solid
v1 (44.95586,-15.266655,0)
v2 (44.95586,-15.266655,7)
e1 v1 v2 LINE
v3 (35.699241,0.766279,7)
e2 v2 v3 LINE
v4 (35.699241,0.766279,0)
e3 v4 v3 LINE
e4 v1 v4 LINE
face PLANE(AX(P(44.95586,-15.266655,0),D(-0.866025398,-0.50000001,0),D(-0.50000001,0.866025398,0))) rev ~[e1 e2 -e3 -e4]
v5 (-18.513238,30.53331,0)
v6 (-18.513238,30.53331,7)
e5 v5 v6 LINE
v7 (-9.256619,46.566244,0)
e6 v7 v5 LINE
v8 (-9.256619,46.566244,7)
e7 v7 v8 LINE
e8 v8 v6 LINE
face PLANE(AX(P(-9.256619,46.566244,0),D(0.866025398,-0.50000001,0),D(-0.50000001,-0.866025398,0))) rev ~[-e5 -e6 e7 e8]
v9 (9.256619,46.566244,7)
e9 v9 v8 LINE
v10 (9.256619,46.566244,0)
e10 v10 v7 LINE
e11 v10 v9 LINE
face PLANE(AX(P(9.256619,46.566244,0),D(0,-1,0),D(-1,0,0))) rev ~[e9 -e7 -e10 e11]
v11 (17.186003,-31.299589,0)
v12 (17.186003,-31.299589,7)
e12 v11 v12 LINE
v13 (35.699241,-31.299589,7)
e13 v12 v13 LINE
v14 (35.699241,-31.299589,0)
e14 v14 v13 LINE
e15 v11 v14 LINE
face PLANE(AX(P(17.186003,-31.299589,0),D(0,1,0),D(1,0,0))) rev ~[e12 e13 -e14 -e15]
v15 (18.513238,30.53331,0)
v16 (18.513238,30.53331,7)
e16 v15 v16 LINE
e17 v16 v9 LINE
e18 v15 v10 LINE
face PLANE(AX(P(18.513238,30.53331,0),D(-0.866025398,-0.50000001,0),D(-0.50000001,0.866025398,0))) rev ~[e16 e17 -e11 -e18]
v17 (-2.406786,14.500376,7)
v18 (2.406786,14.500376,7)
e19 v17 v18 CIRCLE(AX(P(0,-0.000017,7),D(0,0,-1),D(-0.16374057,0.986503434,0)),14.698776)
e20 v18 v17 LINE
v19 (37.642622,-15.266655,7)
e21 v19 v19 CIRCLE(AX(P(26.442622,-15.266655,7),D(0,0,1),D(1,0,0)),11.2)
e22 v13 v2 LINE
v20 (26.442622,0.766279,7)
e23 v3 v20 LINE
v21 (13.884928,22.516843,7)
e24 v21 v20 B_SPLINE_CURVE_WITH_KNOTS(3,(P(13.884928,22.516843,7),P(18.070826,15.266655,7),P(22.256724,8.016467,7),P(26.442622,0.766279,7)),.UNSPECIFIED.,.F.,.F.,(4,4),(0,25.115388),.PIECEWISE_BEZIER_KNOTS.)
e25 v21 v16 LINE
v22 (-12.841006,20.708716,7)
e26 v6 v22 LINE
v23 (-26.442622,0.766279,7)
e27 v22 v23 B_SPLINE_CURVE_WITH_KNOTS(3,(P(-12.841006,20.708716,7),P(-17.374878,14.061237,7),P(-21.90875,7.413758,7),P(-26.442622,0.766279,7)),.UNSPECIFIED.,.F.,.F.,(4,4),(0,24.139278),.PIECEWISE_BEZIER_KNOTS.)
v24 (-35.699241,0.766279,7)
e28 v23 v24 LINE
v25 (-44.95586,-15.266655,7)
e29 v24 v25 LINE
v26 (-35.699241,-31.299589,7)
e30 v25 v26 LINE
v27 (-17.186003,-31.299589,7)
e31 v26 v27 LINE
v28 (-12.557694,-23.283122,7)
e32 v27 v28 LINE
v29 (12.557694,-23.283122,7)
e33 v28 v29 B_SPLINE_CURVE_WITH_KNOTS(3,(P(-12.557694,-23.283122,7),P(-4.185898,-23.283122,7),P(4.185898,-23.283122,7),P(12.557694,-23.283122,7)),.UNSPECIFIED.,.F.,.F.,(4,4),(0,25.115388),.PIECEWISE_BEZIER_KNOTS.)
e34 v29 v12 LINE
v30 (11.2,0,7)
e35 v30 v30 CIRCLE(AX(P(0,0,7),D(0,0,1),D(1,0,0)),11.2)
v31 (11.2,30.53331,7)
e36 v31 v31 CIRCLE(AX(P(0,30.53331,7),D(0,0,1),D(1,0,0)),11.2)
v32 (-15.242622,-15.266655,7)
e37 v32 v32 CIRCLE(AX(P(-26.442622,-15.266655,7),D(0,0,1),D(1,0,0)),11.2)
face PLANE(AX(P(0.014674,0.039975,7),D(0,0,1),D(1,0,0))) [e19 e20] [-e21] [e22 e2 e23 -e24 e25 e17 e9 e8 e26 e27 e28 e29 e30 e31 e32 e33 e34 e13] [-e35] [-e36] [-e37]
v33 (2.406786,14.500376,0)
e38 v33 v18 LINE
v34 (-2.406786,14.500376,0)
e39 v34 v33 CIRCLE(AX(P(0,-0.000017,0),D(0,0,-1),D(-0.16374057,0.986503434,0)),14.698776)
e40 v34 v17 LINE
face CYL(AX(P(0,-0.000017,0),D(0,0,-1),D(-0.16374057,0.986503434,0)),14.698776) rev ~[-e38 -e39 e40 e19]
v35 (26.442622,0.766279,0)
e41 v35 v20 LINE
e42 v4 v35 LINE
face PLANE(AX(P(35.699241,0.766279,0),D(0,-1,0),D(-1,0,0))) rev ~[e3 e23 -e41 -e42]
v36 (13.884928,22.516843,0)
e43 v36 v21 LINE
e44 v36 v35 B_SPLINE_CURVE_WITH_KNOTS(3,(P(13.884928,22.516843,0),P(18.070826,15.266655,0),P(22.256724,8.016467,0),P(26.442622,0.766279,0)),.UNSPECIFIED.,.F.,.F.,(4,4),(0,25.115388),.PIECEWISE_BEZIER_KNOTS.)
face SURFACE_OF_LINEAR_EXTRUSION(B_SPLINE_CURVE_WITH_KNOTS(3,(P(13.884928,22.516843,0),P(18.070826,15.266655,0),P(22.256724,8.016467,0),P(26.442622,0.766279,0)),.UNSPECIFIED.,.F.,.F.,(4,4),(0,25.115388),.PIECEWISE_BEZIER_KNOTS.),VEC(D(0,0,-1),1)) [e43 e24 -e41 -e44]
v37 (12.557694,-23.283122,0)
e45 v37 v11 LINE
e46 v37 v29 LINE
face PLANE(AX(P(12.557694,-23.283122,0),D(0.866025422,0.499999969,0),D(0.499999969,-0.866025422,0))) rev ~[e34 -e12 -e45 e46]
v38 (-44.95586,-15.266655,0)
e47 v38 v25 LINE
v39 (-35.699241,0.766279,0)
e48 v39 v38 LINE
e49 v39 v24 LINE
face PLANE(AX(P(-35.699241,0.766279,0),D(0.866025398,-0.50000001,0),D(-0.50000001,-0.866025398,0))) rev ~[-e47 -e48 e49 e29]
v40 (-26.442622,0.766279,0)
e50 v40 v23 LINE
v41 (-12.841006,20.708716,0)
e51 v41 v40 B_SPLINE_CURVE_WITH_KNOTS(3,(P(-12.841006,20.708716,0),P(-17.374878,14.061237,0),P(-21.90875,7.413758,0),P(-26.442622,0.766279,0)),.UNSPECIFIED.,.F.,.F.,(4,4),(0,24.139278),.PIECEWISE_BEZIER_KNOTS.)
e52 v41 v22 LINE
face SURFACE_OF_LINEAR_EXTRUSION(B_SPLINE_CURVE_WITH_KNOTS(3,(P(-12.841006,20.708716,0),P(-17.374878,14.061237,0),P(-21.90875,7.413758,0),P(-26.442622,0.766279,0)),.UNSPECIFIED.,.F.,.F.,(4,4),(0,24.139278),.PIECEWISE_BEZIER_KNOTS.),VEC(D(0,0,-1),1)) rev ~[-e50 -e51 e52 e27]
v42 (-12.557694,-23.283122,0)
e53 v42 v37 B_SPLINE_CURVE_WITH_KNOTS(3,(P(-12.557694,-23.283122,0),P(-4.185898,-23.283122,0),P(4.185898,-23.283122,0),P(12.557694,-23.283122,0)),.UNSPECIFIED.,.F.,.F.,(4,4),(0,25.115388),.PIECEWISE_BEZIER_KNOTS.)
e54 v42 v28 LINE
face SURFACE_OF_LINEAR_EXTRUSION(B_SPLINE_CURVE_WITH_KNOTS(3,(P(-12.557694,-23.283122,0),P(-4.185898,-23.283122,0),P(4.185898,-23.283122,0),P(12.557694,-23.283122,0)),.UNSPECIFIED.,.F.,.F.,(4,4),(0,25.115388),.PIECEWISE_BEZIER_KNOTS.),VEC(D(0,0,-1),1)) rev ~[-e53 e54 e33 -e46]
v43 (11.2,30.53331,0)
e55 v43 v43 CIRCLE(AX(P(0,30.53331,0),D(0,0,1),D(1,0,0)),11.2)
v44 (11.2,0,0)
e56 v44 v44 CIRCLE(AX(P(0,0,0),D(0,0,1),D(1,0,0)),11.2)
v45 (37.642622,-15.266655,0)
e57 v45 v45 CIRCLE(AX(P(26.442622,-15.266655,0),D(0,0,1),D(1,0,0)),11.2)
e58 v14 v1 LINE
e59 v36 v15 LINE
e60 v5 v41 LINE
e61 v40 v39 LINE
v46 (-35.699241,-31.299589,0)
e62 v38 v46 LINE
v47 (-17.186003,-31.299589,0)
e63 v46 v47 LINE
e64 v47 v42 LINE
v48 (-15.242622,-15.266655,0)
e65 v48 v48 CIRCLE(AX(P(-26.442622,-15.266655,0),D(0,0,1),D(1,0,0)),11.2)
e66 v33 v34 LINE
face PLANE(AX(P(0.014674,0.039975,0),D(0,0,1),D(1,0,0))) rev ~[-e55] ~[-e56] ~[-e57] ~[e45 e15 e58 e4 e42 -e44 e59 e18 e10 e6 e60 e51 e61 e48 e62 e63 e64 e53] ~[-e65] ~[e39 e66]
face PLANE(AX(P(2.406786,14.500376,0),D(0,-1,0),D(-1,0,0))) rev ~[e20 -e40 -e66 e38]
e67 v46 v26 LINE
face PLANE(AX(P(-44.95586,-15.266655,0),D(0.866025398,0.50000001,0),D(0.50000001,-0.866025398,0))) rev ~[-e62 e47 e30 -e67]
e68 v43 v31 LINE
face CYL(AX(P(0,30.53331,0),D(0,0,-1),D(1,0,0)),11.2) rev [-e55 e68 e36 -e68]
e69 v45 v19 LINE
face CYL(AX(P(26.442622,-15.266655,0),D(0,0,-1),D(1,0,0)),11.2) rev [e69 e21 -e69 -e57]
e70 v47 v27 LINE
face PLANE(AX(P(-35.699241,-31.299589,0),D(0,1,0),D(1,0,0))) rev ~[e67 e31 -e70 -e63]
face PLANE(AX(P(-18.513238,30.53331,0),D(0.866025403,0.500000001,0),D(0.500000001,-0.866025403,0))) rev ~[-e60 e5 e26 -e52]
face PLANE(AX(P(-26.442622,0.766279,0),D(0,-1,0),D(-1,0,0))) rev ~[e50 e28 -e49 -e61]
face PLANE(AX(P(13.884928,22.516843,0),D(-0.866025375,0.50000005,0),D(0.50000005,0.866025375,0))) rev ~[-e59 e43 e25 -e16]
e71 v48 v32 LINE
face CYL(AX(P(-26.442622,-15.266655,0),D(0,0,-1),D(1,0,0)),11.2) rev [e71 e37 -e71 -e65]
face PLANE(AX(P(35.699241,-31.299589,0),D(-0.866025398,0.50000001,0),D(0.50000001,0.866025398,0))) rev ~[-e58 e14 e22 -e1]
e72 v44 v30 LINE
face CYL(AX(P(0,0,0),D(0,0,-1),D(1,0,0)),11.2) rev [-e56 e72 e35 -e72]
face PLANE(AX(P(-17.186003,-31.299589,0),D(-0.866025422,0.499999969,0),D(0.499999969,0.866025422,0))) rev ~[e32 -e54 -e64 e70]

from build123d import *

# Parameters (mm, degrees)
F0_R     = 11.2
F1_DEPTH = 7


with BuildPart() as f1:
    # F0 (on Top) → F1 (new body)
    with BuildSketch(Plane.XY):
        with BuildLine():
            Line((9.256619, 46.566244), (-9.256619, 46.566244))
            Line((-9.256619, 46.566244), (-18.513238, 30.53331))
            Line((-18.513238, 30.53331), (-12.841006, 20.708716))
            add(Edge.make_bspline(
                [(-12.841006, 20.708716), (-17.374878, 14.061237), (-21.90875, 7.413758), (-26.442622, 0.766279)],
                knots=[0, 0, 0, 0, 24.139278, 24.139278, 24.139278, 24.139278], degree=3))
            Line((-26.442622, 0.766279), (-35.699241, 0.766279))
            Line((-35.699241, 0.766279), (-44.95586, -15.266655))
            Line((-44.95586, -15.266655), (-35.699241, -31.299589))
            Line((-35.699241, -31.299589), (-17.186003, -31.299589))
            Line((-17.186003, -31.299589), (-12.557694, -23.283122))
            add(Edge.make_bspline(
                [(-12.557694, -23.283122), (-4.185898, -23.283122), (4.185898, -23.283122), (12.557694, -23.283122)],
                knots=[0, 0, 0, 0, 25.115388, 25.115388, 25.115388, 25.115388], degree=3))
            Line((12.557694, -23.283122), (17.186003, -31.299589))
            Line((17.186003, -31.299589), (35.699241, -31.299589))
            Line((35.699241, -31.299589), (44.95586, -15.266655))
            Line((44.95586, -15.266655), (35.699241, 0.766279))
            Line((35.699241, 0.766279), (26.442622, 0.766279))
            add(Edge.make_bspline(
                [(13.884928, 22.516843), (18.070826, 15.266655), (22.256724, 8.016467), (26.442622, 0.766279)],
                knots=[0, 0, 0, 0, 25.115388, 25.115388, 25.115388, 25.115388], degree=3))
            Line((13.884928, 22.516843), (18.513238, 30.53331))
            Line((18.513238, 30.53331), (9.256619, 46.566244))
        make_face()
        with Locations((-26.442622, -15.266655)):
            Circle(F0_R, mode=Mode.SUBTRACT)
        with Locations((26.442622, -15.266655)):
            Circle(F0_R, mode=Mode.SUBTRACT)
        Circle(F0_R, mode=Mode.SUBTRACT)
        with BuildLine():
            ThreePointArc((-2.406786, 14.500376), (0, 14.698759), (2.406786, 14.500376))
            Line((2.406786, 14.500376), (-2.406786, 14.500376))
        make_face(mode=Mode.SUBTRACT)
        with Locations((0, 30.53331)):
            Circle(F0_R, mode=Mode.SUBTRACT)
    extrude(amount=F1_DEPTH)


solid = f1.part
